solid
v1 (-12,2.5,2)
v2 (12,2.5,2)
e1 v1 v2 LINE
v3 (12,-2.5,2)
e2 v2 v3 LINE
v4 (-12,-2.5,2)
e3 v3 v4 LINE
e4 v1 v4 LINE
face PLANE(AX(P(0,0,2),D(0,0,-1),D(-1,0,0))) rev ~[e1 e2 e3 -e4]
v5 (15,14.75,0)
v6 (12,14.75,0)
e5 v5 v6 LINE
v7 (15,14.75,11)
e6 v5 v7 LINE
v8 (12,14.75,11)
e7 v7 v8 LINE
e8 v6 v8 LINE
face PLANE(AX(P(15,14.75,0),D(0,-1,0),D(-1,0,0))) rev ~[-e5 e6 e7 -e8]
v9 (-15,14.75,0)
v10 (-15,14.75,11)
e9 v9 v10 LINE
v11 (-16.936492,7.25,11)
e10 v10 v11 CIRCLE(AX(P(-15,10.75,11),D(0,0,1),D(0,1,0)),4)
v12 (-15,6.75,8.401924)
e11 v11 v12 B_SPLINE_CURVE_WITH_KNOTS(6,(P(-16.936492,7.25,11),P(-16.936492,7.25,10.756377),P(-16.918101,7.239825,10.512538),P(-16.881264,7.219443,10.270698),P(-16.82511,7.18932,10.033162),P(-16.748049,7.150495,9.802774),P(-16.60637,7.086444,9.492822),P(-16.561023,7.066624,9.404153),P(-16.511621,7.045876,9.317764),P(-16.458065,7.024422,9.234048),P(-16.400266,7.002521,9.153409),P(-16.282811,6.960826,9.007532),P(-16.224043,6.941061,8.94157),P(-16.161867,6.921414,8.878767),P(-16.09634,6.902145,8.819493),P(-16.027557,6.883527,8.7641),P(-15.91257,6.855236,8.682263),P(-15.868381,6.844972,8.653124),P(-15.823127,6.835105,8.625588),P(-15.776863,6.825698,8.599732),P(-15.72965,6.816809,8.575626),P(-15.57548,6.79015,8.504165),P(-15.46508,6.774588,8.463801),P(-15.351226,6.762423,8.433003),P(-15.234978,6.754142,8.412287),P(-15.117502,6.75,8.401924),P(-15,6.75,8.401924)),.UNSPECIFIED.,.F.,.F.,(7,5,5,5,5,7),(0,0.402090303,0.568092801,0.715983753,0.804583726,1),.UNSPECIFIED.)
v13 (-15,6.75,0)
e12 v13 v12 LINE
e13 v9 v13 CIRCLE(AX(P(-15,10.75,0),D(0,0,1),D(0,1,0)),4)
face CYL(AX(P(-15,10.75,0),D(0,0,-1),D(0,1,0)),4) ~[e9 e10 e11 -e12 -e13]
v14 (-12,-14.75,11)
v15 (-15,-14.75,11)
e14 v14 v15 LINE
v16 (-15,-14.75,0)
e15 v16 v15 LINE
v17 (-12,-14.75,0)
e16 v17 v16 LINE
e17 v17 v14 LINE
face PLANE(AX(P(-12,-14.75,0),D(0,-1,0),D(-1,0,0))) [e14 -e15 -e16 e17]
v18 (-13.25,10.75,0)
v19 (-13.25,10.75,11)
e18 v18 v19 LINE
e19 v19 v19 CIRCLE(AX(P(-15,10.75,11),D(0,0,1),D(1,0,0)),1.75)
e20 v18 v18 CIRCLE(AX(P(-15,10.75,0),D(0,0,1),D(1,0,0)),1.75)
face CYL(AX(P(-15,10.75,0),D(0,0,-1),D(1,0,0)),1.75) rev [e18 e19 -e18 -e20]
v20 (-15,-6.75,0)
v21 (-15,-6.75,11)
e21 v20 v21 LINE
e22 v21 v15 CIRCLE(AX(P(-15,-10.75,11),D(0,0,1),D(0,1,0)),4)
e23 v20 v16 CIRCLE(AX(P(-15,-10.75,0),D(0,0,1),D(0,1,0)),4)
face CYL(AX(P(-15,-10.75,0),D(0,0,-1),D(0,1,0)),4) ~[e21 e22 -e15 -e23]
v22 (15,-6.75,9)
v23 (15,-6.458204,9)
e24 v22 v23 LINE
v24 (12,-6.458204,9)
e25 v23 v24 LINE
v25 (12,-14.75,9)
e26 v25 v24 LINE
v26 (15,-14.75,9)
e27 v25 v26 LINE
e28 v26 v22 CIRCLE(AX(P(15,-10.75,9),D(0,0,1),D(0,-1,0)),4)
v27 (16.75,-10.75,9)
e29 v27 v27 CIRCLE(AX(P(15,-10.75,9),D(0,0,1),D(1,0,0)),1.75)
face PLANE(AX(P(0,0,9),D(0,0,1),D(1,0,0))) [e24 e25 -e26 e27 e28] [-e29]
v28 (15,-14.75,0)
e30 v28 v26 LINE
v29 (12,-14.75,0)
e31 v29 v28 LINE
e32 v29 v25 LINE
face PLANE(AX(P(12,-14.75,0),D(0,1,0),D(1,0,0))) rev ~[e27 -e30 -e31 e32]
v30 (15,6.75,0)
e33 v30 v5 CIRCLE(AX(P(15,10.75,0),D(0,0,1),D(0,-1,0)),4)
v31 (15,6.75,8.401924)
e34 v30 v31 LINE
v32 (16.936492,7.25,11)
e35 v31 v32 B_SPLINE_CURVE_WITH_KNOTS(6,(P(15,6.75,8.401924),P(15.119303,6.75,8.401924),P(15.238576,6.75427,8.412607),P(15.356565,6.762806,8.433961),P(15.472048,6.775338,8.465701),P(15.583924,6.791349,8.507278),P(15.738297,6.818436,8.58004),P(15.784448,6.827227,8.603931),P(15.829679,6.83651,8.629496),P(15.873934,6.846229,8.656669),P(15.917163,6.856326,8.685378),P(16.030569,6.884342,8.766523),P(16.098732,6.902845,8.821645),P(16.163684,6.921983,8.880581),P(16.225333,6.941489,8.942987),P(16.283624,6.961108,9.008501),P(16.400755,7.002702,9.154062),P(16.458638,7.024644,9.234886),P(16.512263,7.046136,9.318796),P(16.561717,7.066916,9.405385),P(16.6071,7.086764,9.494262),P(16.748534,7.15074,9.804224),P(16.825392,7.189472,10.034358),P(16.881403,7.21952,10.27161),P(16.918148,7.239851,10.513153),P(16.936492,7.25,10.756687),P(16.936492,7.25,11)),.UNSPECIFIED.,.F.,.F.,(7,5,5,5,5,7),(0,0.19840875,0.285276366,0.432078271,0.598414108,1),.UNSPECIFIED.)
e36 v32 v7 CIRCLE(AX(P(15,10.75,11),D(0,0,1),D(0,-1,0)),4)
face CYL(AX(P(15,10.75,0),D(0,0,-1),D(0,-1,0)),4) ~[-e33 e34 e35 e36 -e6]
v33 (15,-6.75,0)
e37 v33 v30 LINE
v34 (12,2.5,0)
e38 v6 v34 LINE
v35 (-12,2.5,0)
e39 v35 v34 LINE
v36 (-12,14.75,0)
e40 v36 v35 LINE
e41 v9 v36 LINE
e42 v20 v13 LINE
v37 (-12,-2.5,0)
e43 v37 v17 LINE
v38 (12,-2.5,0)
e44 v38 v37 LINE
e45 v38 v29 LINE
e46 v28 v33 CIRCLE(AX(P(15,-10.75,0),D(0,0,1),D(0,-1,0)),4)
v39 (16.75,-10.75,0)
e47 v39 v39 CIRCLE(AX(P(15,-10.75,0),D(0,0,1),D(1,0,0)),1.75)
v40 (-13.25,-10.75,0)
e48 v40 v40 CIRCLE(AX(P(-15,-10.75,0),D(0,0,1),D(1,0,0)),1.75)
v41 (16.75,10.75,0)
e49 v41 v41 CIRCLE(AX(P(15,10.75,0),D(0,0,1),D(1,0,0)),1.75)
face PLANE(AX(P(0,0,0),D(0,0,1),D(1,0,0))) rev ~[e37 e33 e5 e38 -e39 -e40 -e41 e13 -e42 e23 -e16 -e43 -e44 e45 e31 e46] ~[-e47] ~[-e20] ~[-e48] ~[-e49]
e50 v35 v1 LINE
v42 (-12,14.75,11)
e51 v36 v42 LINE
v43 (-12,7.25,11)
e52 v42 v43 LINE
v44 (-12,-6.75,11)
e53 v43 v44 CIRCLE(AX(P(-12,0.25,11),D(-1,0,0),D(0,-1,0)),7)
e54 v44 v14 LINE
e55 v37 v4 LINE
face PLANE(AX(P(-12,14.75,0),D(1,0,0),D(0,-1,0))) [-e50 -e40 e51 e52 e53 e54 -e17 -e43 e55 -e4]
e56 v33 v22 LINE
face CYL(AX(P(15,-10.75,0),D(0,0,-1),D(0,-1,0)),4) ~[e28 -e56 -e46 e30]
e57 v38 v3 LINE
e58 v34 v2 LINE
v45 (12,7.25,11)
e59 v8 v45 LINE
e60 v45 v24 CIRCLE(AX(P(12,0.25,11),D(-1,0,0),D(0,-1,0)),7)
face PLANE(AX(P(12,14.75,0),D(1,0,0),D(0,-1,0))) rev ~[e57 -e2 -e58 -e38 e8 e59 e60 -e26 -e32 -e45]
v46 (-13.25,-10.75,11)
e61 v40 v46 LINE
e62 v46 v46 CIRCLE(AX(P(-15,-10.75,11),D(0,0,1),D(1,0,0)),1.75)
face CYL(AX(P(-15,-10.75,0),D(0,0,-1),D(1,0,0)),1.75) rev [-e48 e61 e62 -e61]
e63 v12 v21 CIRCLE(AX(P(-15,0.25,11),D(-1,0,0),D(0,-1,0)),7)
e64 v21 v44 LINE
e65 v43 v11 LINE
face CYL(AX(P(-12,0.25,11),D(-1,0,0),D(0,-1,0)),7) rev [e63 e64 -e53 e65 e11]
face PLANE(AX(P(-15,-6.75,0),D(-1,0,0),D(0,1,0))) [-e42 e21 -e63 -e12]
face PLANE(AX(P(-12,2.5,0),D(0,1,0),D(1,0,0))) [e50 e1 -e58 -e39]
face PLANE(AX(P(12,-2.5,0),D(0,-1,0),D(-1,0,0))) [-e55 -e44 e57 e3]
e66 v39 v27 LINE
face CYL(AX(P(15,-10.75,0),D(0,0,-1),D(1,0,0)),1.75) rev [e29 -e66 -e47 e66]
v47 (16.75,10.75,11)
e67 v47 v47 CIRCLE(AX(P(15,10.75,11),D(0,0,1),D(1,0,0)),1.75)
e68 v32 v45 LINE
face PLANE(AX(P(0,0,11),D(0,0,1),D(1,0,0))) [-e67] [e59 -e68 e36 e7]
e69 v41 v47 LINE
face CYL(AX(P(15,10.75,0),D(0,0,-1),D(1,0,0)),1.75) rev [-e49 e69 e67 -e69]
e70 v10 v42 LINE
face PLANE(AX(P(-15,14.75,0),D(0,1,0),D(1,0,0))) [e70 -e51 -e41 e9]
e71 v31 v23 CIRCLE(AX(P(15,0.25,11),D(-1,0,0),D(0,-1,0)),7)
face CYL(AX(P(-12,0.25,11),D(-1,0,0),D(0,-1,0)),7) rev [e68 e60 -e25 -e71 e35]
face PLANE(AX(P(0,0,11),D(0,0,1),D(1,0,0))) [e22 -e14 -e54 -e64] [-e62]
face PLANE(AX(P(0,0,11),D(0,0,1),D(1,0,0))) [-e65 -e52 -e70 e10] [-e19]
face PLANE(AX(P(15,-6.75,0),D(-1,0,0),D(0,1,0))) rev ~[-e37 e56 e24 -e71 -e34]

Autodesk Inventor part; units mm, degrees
ref_plane "YZ Plane" through (0, 0, 0) normal (1, 0, 0) x (0, 1, 0)
ref_plane "XZ Plane" through (0, 0, 0) normal (0, 1, 0) x (-1, 0, 0)
ref_plane "XY Plane" through (0, 0, 0) normal (0, 0, 1) x (1, 0, 0)
sketch "Эскиз1" plane through (0, 0, 0) normal (0, 0, 1) x (1, 0, 0)
  circle A0 centre (15, 10.75) radius 1.75 projected
  circle A1 centre (-15, 10.75) radius 1.75 projected
  circle A2 centre (-15, -10.75) radius 1.75 projected
  circle A3 centre (15, -10.75) radius 1.75 projected
  arc A4 (15, 6.75) -> (15, 14.75) centre (15, 10.75) ccw projected
  arc A5 (15, -14.75) -> (15, -6.75) centre (15, -10.75) ccw projected
  arc A6 (-15, 14.75) -> (-15, 6.75) centre (-15, 10.75) ccw projected
  arc A7 (-15, -6.75) -> (-15, -14.75) centre (-15, -10.75) ccw projected
  line L0 (15, 14.75) -> (12, 14.75)
  line L1 (12, 14.75) -> (12, -14.75)
  line L2 (12, -14.75) -> (15, -14.75)
  line L3 (15, -6.75) -> (15, 6.75)
  line L4 (-15, 14.75) -> (-12, 14.75)
  line L5 (-12, 14.75) -> (-12, -14.75)
  line L6 (-12, -14.75) -> (-15, -14.75)
  line L7 (-15, -6.75) -> (-15, 6.75)
  point P0 (0, 0)
  dimension "d0" = 3
extrude "Выдавливание1" add sketch "Эскиз1" along normal blind 11
sketch "Эскиз2" plane through (-12, -14.75, 0) normal (1, 0, 0) x (0, 0, -1)
  line L0 (-11, 0) -> (-11, 29.5) projected
  line L1 (-11, 29.5) -> (-5, 29.5)
  line L2 (-5, 0) -> (-11, 0)
  line L3 (-11, 0) -> (-11, 29.5)
  line L4 (0, 0) -> (-11, 0) projected
  arc A0 (-11, 8) -> (-11, 22) centre (-11, 15) ccw
  point P0 (0, 14.75)
  dimension "d4" = 6
  dimension "d5" = 7
  dimension "d13" = 14.5
extrude "Выдавливание2" cut sketch "Эскиз2" along normal blind 30 and the other way blind 6
sketch "Эскиз3" plane through (0, 0, 0) normal (0, 0, -1) x (-1, 0, 0)
  line L0 (12, 14.75) -> (12, -14.75) projected
  line L1 (-12, -2.5) -> (12, -2.5)
  line L2 (12, -2.5) -> (12, 2.5)
  line L3 (12, 2.5) -> (-12, 2.5)
  line L4 (-12, 2.5) -> (-12, -2.5)
  line L5 (-12, -2.5) -> (12, 2.5) construction
  line L6 (12, -2.5) -> (-12, 2.5) construction
  point P0 (0, 0)
  dimension "d10" = 5
extrude "Выдавливание3" add sketch "Эскиз3" against normal blind 2
sketch "Эскиз5" plane through (0, 0, 11) normal (0, 0, 1) x (1, 0, 0)
  circle A0 centre (15, -10.75) radius 1.75 projected
  line L0 (15, -6.75) -> (12, -6.75) projected
  line L1 (12, -6.75) -> (12, -14.75) projected
  line L2 (12, -14.75) -> (15, -14.75) projected
  arc A1 (15, -14.75) -> (15, -6.75) centre (15, -10.75) ccw projected
  line L3 (12, -6.75) -> (15, -6.75)
  line L4 (15, -6.75) -> (15, -2.5)
  line L5 (15, -2.5) -> (12, -2.5)
  line L6 (12, -2.5) -> (12, -6.75)
  point P0 (0, 0)
extrude "Выдавливание4" cut sketch "Эскиз5" against normal blind 2
sketch "Эскиз6" plane through (0, 0, 9) normal (0, 0, 1) x (1, 0, 0)
  line L0 (-25, 4) -> (25, 4)
  line L1 (25, 4) -> (25, -4)
  line L2 (25, -4) -> (-25, -4)
  line L3 (-25, -4) -> (-25, 4)
  line L4 (-25, 4) -> (25, -4) construction
  line L5 (25, 4) -> (-25, -4) construction
  circle A0 centre (15, -10.75) radius 1.75 projected
  circle A1 centre (15, -10.75) radius 6
  point P0 (0, 0)
  dimension "d19" = 50
  dimension "d20" = 8
  dimension "d21" = 12
properties part number "Fastening"
